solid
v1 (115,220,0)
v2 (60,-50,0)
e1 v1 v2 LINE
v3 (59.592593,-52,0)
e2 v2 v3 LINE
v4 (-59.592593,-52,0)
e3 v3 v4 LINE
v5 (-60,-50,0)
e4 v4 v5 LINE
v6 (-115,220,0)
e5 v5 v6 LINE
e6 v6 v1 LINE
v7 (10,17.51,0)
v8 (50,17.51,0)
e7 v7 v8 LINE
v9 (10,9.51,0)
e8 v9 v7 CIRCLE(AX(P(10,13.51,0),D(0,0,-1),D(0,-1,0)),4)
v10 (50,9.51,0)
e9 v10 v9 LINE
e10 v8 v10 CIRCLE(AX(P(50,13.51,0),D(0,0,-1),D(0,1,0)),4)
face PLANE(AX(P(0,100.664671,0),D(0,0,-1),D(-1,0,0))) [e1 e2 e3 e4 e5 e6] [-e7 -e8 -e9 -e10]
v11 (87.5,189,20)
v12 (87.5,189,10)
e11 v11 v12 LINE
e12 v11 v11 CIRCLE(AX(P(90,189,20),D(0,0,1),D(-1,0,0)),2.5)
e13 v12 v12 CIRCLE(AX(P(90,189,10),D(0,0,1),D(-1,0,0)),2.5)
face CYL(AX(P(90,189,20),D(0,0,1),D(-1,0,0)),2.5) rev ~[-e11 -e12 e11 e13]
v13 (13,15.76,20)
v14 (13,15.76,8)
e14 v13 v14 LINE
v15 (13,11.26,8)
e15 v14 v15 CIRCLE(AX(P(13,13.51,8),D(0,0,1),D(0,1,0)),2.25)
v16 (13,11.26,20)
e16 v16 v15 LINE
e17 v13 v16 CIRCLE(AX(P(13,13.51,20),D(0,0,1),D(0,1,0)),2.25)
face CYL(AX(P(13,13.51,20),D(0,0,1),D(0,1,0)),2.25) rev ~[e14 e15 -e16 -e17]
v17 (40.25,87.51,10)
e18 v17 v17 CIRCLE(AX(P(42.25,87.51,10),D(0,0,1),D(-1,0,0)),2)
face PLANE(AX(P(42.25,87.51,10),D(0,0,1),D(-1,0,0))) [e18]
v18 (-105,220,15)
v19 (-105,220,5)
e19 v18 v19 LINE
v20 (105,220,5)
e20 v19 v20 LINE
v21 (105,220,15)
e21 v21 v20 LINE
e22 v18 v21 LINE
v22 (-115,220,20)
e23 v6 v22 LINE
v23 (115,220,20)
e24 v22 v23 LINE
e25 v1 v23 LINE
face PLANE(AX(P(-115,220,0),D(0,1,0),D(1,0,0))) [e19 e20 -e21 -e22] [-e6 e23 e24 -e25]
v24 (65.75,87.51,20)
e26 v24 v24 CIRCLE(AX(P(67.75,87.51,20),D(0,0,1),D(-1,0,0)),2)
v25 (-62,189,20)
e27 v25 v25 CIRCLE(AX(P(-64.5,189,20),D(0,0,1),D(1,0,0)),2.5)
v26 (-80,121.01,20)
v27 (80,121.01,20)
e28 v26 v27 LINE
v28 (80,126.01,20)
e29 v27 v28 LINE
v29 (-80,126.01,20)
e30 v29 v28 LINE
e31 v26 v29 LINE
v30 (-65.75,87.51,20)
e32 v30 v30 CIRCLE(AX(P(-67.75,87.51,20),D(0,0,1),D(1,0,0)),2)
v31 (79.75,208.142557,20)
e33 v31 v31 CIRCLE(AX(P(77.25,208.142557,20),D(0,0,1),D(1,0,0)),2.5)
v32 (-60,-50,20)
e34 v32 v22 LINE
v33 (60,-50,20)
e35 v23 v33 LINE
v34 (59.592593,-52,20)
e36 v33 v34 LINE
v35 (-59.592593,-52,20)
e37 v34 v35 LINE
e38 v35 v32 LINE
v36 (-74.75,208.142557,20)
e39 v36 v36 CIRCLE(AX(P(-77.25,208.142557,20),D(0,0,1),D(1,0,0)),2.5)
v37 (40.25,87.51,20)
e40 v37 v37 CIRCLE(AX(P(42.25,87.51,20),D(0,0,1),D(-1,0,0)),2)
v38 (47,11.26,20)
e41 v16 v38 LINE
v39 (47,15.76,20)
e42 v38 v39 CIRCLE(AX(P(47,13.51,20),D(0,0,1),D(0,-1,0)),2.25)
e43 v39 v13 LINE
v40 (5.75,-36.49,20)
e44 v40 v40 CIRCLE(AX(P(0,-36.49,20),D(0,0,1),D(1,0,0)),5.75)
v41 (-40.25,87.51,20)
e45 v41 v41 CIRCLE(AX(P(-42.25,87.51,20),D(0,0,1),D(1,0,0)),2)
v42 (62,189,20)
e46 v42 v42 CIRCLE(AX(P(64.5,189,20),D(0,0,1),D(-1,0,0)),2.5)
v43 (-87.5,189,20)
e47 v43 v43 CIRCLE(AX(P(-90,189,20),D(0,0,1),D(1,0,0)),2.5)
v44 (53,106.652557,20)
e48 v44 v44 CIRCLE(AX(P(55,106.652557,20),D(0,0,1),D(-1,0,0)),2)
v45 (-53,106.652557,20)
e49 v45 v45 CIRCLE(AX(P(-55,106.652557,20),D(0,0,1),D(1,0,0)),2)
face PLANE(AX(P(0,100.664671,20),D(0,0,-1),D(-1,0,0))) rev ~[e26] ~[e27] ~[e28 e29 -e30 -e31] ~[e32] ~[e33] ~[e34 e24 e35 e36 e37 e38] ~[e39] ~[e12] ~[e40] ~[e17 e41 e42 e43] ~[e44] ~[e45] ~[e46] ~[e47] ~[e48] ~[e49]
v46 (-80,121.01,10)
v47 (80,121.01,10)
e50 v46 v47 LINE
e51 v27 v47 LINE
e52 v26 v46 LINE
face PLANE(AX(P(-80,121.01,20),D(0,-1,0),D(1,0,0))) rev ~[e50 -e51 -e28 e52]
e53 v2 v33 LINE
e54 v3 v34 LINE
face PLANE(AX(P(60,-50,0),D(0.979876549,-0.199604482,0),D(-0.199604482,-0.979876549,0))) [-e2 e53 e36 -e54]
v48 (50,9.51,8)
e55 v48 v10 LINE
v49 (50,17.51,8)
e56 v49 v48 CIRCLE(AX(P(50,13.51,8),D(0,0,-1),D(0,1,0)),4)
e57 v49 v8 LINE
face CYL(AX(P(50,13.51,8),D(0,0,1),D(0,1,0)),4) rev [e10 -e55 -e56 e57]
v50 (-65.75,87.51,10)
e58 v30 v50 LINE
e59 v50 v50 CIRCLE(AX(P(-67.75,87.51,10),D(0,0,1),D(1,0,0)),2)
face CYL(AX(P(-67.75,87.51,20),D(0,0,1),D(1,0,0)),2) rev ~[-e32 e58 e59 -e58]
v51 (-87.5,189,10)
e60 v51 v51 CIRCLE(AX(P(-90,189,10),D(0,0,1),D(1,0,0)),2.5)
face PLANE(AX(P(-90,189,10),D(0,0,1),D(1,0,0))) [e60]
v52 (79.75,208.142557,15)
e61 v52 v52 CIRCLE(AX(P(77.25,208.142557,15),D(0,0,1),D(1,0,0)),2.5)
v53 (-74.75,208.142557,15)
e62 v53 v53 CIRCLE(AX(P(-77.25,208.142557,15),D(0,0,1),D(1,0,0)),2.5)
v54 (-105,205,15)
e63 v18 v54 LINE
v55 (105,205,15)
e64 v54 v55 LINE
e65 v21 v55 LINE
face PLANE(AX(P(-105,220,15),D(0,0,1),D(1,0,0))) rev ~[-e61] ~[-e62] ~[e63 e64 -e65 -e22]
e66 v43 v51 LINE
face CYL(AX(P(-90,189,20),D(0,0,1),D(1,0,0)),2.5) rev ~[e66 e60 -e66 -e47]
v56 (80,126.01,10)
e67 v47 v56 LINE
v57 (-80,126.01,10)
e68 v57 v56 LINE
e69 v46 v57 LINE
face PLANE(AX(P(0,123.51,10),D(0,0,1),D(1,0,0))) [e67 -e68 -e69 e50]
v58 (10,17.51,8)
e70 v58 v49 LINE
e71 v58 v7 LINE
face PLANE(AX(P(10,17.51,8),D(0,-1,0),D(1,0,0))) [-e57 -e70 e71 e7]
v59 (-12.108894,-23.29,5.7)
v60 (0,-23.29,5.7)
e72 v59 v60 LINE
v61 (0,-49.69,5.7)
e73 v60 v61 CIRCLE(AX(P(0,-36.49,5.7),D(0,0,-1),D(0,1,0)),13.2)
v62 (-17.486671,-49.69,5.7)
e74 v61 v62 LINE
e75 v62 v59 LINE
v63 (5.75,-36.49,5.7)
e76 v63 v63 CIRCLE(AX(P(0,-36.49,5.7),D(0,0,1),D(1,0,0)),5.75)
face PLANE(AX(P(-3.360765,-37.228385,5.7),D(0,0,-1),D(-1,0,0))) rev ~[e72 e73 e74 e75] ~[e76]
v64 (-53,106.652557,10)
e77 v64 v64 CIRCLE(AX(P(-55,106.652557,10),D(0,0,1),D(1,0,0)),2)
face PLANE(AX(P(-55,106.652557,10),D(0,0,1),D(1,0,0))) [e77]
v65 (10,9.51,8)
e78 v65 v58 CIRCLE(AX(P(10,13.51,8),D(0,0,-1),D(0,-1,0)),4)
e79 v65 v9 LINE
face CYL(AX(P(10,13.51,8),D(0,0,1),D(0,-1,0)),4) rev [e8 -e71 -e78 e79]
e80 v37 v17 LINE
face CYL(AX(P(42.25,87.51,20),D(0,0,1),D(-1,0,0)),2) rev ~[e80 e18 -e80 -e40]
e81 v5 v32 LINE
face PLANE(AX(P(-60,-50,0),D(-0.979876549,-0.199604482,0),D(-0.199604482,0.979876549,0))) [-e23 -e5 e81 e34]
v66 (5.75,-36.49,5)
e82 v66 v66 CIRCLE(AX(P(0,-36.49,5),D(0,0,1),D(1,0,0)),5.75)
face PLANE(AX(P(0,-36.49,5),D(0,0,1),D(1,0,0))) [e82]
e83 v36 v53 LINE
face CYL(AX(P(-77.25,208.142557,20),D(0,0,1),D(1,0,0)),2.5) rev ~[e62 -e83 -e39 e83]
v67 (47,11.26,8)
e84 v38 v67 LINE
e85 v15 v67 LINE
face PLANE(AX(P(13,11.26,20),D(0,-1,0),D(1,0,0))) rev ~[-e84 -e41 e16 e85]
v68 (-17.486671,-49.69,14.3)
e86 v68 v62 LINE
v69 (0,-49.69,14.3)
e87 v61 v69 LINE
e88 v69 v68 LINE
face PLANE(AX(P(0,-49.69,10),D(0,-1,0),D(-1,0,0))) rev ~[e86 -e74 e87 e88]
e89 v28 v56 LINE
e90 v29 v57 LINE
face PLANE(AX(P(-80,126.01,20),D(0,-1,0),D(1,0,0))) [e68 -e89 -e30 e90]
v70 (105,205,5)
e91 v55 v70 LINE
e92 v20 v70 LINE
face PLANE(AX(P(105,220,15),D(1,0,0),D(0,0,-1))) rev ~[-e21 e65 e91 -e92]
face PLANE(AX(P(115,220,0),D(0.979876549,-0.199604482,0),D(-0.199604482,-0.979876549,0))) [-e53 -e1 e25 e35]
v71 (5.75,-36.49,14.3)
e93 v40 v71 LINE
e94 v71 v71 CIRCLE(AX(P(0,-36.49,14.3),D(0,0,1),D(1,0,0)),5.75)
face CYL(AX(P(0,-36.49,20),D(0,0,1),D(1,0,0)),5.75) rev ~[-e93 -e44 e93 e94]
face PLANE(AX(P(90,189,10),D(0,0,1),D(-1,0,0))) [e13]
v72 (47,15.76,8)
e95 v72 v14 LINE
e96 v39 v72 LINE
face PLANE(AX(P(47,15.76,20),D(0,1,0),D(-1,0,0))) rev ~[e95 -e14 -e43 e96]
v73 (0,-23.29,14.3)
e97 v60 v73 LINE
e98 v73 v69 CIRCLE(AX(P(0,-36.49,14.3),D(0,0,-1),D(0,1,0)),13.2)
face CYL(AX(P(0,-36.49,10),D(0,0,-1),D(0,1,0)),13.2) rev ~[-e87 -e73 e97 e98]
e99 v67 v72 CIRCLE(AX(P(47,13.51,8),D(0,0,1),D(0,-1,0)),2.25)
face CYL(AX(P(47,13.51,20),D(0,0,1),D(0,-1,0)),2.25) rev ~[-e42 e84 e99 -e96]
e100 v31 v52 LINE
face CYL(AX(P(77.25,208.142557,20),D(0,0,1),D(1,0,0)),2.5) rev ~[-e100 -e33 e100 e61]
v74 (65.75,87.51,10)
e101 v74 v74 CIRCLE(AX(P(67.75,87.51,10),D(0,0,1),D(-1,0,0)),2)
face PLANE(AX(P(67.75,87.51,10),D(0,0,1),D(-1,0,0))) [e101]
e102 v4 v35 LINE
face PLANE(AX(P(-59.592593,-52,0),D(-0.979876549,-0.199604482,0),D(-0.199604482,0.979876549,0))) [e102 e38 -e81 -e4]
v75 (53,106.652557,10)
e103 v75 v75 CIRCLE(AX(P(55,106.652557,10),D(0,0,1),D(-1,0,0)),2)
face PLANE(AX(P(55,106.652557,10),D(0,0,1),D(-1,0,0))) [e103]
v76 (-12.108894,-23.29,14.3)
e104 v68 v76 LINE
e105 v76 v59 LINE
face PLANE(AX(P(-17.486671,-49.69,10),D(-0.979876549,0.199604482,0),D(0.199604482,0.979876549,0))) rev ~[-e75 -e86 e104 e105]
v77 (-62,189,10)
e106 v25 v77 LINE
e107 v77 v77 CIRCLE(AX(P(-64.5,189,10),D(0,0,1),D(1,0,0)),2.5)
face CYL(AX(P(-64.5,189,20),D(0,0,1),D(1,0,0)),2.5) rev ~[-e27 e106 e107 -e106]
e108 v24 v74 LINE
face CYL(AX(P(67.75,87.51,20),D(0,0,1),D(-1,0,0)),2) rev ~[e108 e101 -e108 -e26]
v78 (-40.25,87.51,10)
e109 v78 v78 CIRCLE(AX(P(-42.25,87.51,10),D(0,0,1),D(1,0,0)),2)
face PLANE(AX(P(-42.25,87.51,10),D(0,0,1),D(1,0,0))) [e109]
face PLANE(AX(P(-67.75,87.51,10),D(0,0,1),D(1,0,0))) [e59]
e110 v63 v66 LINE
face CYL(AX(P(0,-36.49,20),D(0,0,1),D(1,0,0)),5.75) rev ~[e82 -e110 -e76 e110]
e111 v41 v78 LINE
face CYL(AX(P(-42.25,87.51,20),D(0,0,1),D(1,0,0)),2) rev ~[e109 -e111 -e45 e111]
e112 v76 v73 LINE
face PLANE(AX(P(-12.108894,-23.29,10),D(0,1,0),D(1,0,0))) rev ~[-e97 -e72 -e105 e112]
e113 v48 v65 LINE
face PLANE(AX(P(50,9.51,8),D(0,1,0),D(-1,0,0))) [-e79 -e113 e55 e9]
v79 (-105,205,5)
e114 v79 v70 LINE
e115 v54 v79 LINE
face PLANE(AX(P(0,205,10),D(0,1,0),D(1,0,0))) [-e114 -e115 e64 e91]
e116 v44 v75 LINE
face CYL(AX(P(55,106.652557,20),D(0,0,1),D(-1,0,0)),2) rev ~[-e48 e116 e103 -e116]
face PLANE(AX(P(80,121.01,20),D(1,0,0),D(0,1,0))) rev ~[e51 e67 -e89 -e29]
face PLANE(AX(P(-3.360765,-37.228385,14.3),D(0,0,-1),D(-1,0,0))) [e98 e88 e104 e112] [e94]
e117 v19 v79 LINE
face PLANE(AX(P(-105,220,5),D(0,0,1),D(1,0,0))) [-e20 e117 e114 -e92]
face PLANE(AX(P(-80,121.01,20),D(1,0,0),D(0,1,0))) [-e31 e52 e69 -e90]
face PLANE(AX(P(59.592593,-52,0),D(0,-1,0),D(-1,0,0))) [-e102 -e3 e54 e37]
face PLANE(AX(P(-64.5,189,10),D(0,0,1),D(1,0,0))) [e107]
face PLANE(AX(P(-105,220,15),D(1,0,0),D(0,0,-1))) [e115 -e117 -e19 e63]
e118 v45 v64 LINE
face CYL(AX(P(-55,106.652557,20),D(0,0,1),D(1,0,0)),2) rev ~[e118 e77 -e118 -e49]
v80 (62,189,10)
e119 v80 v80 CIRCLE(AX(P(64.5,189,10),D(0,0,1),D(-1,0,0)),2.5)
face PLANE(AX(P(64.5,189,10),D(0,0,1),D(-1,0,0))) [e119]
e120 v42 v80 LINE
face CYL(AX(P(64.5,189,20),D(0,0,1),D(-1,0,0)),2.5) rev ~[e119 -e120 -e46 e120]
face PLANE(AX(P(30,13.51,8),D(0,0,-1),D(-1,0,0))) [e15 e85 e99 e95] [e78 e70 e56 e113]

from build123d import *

# Parameters (mm, degrees)
EXTRUDE_1_DEPTH     = 20
SKETCH_3_W          = 210
SKETCH_3_H          = 10
CUT_EXTRUDE_1_DEPTH = 15
SKETCH_4_W          = 160
SKETCH_4_H          = 5
CUT_EXTRUDE_2_DEPTH = 10
SKETCH_5_R          = 2.5
SKETCH_5_R_2        = 2
CUT_EXTRUDE_3_DEPTH = 10
CUT_EXTRUDE_4_DEPTH = 4.3
SKETCH_8_R          = 5.75
CUT_EXTRUDE_6_DEPTH = 15
CUT_EXTRUDE_7_DEPTH = 250.048188108
CUT_EXTRUDE_START   = -8
CUT_EXTRUDE_8_DEPTH = 8


with BuildPart() as part:
    # 草图1 → 凸台-拉伸1 (new body)
    with BuildSketch(Plane.XY):
        Polygon((-115, 220), (115, 220), (60, -50), (59.592592593, -52), (-59.592592593, -52), (-60, -50), align=None)
    extrude(amount=EXTRUDE_1_DEPTH)

    # 草图3 → 切除-拉伸1 (cut)
    with BuildSketch(Plane(origin=(0, 220, 0), x_dir=(1, 0, 0), z_dir=(0, 1, 0))):
        with Locations((0, -10)):
            Rectangle(SKETCH_3_W, SKETCH_3_H)
    extrude(amount=-CUT_EXTRUDE_1_DEPTH, mode=Mode.SUBTRACT)

    # 草图4 → 切除-拉伸2 (cut)
    with BuildSketch(Plane.XY.offset(20)):
        with Locations((0, 123.51)):
            Rectangle(SKETCH_4_W, SKETCH_4_H)
    extrude(amount=-CUT_EXTRUDE_2_DEPTH, mode=Mode.SUBTRACT)

    # 草图5 → 切除-拉伸3 (cut)
    with BuildSketch(Plane.XY.offset(20)):
        with Locations((-77.25, 208.1425573)):
            Circle(SKETCH_5_R)
        with Locations((-90, 189)):
            Circle(SKETCH_5_R)
        with Locations((-64.5, 189)):
            Circle(SKETCH_5_R)
        with Locations((-55, 106.6525573)):
            Circle(SKETCH_5_R_2)
        with Locations((-67.75, 87.51)):
            Circle(SKETCH_5_R_2)
        with Locations((-42.25, 87.51)):
            Circle(SKETCH_5_R_2)
        with Locations(Location((42.25, 87.51, 0), (0, 0, 180))):
            Circle(SKETCH_5_R_2)
        with Locations(Location((67.75, 87.51, 0), (0, 0, 180))):
            Circle(SKETCH_5_R_2)
        with Locations(Location((55, 106.6525573, 0), (0, 0, 180))):
            Circle(SKETCH_5_R_2)
        with Locations(Location((64.5, 189, 0), (0, 0, 180))):
            Circle(SKETCH_5_R)
        with Locations(Location((90, 189, 0), (0, 0, 180))):
            Circle(SKETCH_5_R)
        with Locations((77.25, 208.1425573)):
            Circle(SKETCH_5_R)
    extrude(amount=-CUT_EXTRUDE_3_DEPTH, mode=Mode.SUBTRACT)

    # 草图6 → 切除-拉伸4 (cut, symmetric)
    with BuildSketch(Plane(origin=(0, 0, 10), x_dir=(-1, 0, 0), z_dir=(0, 0, -1))):
        with BuildLine():
            Line((0, -49.69), (17.486671343, -49.69))
            Line((17.486671343, -49.69), (12.108893566, -23.29))
            Line((12.108893566, -23.29), (0, -23.29))
            ThreePointArc((0, -23.29), (-13.2, -36.49), (0, -49.69))
        make_face()
    extrude(amount=CUT_EXTRUDE_4_DEPTH, both=True, mode=Mode.SUBTRACT)

    # 草图8 → 切除-拉伸6 (cut)
    with BuildSketch(Plane.XY.offset(20)):
        with Locations((0, -36.49)):
            Circle(SKETCH_8_R)
    extrude(amount=-CUT_EXTRUDE_6_DEPTH, mode=Mode.SUBTRACT)

    # 草图9 → 切除-拉伸7 (cut, through all)
    with BuildSketch(Plane.XY.offset(20)):
        with BuildLine():
            Line((13, 11.26), (47, 11.26))
            ThreePointArc((47, 11.26), (49.25, 13.51), (47, 15.76))
            Line((47, 15.76), (13, 15.76))
            ThreePointArc((13, 15.76), (10.75, 13.51), (13, 11.26))
        make_face()
    extrude(amount=-CUT_EXTRUDE_7_DEPTH, mode=Mode.SUBTRACT)

    # 草图10 → 切除-拉伸8 (cut)
    with BuildSketch(Plane(origin=(0, 0, 0), x_dir=(-1, 0, 0), z_dir=(0, 0, -1)).offset(CUT_EXTRUDE_START)):
        with BuildLine():
            Line((-50, 9.51), (-10, 9.51))
            ThreePointArc((-10, 9.51), (-6, 13.51), (-10, 17.51))
            Line((-10, 17.51), (-50, 17.51))
            ThreePointArc((-50, 17.51), (-54, 13.51), (-50, 9.51))
        make_face()
        with BuildLine():
            Line((-47, 15.76), (-13, 15.76))
            ThreePointArc((-13, 15.76), (-10.75, 13.51), (-13, 11.26))
            Line((-13, 11.26), (-47, 11.26))
            ThreePointArc((-47, 11.26), (-49.25, 13.51), (-47, 15.76))
        make_face(mode=Mode.SUBTRACT)
    extrude(amount=CUT_EXTRUDE_8_DEPTH, mode=Mode.SUBTRACT)


solid = part.part
